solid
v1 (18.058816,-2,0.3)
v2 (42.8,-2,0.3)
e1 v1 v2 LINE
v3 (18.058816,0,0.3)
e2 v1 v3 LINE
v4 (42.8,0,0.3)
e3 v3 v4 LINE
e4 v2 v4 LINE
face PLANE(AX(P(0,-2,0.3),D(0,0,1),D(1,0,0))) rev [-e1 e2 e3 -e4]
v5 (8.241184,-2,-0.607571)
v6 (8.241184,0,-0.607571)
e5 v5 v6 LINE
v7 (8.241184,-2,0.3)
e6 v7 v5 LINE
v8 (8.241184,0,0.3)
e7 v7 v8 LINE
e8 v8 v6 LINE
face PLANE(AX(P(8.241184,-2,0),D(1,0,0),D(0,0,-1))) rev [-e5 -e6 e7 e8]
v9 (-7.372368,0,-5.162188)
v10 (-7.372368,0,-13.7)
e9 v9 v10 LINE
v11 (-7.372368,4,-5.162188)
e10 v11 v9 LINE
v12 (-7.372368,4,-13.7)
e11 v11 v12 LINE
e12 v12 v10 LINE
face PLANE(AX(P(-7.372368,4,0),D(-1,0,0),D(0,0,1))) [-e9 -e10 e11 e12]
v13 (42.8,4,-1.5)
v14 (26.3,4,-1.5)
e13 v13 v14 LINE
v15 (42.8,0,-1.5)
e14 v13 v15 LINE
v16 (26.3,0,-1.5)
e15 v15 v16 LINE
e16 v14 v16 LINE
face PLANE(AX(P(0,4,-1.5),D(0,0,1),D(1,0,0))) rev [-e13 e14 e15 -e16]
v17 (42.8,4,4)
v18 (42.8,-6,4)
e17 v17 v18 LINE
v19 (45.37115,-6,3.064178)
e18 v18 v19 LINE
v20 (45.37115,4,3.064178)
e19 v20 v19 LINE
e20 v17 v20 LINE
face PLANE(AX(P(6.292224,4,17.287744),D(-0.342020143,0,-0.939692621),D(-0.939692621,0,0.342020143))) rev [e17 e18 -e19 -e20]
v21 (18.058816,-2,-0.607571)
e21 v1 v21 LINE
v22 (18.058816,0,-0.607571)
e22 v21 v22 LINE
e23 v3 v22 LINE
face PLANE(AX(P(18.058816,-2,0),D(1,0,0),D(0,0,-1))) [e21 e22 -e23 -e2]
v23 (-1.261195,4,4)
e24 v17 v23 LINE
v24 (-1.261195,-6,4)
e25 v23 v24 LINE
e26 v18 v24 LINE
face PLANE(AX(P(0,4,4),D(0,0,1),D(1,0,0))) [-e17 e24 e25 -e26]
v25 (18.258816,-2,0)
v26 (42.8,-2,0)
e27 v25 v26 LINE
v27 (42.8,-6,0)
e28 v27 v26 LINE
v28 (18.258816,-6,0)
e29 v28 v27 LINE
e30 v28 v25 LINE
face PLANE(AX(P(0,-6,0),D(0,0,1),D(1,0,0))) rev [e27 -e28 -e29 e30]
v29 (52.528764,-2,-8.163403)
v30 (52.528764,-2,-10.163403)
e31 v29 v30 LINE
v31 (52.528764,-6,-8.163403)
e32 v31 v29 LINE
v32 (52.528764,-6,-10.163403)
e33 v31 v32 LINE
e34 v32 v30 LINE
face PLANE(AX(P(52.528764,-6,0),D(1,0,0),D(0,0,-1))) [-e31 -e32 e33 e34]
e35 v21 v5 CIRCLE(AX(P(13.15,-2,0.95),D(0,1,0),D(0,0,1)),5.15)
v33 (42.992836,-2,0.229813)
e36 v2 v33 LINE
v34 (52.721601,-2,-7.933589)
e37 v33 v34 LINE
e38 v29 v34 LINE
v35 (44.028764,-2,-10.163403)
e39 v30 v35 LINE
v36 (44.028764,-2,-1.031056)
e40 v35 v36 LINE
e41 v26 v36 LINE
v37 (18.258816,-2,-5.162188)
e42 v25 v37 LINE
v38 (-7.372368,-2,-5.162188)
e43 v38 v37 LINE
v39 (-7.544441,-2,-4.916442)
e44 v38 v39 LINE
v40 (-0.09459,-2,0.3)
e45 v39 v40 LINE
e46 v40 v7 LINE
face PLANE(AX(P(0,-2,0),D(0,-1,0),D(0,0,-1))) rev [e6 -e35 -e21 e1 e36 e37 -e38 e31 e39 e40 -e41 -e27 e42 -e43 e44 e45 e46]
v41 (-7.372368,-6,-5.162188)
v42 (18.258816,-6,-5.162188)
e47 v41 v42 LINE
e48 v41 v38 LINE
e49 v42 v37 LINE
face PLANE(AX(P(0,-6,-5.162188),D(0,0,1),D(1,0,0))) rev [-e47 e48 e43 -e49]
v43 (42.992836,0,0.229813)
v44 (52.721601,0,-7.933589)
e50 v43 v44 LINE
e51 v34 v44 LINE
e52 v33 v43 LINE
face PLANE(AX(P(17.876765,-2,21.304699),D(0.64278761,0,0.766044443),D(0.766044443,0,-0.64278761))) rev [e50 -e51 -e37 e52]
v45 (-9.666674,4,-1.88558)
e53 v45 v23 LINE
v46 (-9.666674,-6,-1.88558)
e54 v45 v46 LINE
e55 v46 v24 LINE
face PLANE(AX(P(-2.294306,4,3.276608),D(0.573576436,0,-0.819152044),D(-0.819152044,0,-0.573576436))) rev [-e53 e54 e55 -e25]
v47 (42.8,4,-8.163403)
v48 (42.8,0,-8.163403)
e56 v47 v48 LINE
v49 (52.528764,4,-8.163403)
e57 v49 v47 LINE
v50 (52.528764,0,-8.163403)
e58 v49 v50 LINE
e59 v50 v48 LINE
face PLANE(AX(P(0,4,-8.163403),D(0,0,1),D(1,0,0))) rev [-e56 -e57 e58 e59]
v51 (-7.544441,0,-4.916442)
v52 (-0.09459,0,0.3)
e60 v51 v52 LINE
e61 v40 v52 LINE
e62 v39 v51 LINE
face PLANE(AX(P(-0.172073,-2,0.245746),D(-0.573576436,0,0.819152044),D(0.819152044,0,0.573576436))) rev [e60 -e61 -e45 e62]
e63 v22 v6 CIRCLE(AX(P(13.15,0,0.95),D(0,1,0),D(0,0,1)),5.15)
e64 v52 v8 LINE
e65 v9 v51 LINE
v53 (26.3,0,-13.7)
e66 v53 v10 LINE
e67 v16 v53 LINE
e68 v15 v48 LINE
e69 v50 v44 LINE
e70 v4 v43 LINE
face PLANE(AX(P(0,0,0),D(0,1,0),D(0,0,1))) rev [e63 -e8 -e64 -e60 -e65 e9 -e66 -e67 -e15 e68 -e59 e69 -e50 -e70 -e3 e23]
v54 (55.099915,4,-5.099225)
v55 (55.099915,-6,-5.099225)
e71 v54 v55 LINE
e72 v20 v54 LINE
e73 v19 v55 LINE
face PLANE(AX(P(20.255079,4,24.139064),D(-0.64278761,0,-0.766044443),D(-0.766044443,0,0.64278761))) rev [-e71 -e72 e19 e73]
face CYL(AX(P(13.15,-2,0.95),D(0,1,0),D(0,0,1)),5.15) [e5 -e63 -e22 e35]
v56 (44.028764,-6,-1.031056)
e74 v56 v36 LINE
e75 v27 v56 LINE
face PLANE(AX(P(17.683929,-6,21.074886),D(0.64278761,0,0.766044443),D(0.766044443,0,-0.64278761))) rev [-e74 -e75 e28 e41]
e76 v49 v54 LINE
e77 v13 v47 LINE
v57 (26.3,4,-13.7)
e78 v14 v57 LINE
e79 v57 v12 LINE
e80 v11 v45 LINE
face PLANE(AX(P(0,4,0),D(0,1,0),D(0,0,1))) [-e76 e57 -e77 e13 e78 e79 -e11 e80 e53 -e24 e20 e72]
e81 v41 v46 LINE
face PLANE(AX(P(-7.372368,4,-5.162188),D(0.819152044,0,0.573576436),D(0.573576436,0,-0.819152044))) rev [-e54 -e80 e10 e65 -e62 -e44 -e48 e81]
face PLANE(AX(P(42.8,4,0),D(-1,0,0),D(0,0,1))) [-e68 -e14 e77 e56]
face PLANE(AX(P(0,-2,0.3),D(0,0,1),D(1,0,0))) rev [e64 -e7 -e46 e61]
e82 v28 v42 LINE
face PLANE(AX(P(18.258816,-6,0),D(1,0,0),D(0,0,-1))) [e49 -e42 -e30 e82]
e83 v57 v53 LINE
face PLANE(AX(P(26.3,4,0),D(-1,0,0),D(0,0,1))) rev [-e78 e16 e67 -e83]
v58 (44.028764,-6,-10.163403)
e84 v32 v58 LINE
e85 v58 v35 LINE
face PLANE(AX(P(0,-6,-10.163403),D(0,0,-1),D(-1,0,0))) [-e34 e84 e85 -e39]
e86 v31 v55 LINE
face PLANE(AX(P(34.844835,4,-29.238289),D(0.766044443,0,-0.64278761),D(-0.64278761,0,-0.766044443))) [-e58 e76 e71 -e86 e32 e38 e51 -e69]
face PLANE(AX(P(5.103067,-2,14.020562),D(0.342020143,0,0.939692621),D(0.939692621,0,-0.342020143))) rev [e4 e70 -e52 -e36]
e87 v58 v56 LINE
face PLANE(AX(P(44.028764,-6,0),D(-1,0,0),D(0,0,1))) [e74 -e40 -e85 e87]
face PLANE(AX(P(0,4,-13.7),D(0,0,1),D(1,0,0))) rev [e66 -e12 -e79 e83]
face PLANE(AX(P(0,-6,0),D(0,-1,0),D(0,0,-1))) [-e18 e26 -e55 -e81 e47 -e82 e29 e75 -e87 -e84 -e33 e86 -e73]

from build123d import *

# Parameters (mm, degrees)
BOSS_EXTRUDE1_DEPTH = 4
BOSS_EXTRUDE3_DEPTH = 2
BOSS_EXTRUDE4_DEPTH = 4


with BuildPart() as part:
    # Sketch2 → Boss-Extrude1 (new body)
    with BuildSketch(Plane(origin=(0, 0, 0), x_dir=(1, 0, 0), z_dir=(0, 1, 0))):
        Polygon((-7.372368399, 13.7), (-7.372368399, 5.162187927), (-9.666674144, 1.88557975), (-1.261195156, -4), (42.8, -4), (45.371150439, -3.064177772), (55.099914866, 5.099224871), (52.528764428, 8.163402643), (42.8, 8.163402643), (42.8, 1.5), (26.3, 1.5), (26.3, 13.7), align=None)
    extrude(amount=BOSS_EXTRUDE1_DEPTH)

    # Sketch2<4> → Boss-Extrude3 (add)
    with BuildSketch(Plane(origin=(0, 0, 0), x_dir=(1, 0, 0), z_dir=(0, 1, 0))):
        with BuildLine():
            Line((-0.094589637, -0.3), (-7.54444133, 4.916442314))
            Line((-7.54444133, 4.916442314), (-9.666674144, 1.88557975))
            Line((-9.666674144, 1.88557975), (-1.261195156, -4))
            Line((-1.261195156, -4), (42.8, -4))
            Line((42.8, -4), (45.371150439, -3.064177772))
            Line((45.371150439, -3.064177772), (55.099914866, 5.099224871))
            Line((55.099914866, 5.099224871), (52.721600711, 7.93358931))
            Line((52.721600711, 7.93358931), (42.992836283, -0.229813333))
            Line((42.992836283, -0.229813333), (42.8, -0.3))
            Line((42.8, -0.3), (18.05881591, -0.3))
            Line((18.05881591, -0.3), (18.05881591, 0.607570661))
            ThreePointArc((18.05881591, 0.607570661), (13.15, 4.2), (8.24118409, 0.607570661))
            Line((8.24118409, 0.607570661), (8.24118409, -0.3))
            Line((8.24118409, -0.3), (-0.094589637, -0.3))
        make_face()
    extrude(amount=-BOSS_EXTRUDE3_DEPTH)

    # Sketch3 → Boss-Extrude4 (add)
    with BuildSketch(Plane(origin=(0, -2, 0), x_dir=(-1, 0, 0), z_dir=(0, -1, 0))):
        Polygon((-42.8, 0), (-44.028764428, 1.031055778), (-44.028764428, 10.163402643), (-52.528764428, 10.163402643), (-52.528764428, 8.163402643), (-55.099914866, 5.099224871), (-45.371150439, -3.064177772), (-42.8, -4), (1.261195156, -4), (9.666674144, 1.88557975), (7.372368399, 5.162187927), (-18.25881591, 5.162187927), (-18.25881591, 0), align=None)
    extrude(amount=BOSS_EXTRUDE4_DEPTH)


solid = part.part
